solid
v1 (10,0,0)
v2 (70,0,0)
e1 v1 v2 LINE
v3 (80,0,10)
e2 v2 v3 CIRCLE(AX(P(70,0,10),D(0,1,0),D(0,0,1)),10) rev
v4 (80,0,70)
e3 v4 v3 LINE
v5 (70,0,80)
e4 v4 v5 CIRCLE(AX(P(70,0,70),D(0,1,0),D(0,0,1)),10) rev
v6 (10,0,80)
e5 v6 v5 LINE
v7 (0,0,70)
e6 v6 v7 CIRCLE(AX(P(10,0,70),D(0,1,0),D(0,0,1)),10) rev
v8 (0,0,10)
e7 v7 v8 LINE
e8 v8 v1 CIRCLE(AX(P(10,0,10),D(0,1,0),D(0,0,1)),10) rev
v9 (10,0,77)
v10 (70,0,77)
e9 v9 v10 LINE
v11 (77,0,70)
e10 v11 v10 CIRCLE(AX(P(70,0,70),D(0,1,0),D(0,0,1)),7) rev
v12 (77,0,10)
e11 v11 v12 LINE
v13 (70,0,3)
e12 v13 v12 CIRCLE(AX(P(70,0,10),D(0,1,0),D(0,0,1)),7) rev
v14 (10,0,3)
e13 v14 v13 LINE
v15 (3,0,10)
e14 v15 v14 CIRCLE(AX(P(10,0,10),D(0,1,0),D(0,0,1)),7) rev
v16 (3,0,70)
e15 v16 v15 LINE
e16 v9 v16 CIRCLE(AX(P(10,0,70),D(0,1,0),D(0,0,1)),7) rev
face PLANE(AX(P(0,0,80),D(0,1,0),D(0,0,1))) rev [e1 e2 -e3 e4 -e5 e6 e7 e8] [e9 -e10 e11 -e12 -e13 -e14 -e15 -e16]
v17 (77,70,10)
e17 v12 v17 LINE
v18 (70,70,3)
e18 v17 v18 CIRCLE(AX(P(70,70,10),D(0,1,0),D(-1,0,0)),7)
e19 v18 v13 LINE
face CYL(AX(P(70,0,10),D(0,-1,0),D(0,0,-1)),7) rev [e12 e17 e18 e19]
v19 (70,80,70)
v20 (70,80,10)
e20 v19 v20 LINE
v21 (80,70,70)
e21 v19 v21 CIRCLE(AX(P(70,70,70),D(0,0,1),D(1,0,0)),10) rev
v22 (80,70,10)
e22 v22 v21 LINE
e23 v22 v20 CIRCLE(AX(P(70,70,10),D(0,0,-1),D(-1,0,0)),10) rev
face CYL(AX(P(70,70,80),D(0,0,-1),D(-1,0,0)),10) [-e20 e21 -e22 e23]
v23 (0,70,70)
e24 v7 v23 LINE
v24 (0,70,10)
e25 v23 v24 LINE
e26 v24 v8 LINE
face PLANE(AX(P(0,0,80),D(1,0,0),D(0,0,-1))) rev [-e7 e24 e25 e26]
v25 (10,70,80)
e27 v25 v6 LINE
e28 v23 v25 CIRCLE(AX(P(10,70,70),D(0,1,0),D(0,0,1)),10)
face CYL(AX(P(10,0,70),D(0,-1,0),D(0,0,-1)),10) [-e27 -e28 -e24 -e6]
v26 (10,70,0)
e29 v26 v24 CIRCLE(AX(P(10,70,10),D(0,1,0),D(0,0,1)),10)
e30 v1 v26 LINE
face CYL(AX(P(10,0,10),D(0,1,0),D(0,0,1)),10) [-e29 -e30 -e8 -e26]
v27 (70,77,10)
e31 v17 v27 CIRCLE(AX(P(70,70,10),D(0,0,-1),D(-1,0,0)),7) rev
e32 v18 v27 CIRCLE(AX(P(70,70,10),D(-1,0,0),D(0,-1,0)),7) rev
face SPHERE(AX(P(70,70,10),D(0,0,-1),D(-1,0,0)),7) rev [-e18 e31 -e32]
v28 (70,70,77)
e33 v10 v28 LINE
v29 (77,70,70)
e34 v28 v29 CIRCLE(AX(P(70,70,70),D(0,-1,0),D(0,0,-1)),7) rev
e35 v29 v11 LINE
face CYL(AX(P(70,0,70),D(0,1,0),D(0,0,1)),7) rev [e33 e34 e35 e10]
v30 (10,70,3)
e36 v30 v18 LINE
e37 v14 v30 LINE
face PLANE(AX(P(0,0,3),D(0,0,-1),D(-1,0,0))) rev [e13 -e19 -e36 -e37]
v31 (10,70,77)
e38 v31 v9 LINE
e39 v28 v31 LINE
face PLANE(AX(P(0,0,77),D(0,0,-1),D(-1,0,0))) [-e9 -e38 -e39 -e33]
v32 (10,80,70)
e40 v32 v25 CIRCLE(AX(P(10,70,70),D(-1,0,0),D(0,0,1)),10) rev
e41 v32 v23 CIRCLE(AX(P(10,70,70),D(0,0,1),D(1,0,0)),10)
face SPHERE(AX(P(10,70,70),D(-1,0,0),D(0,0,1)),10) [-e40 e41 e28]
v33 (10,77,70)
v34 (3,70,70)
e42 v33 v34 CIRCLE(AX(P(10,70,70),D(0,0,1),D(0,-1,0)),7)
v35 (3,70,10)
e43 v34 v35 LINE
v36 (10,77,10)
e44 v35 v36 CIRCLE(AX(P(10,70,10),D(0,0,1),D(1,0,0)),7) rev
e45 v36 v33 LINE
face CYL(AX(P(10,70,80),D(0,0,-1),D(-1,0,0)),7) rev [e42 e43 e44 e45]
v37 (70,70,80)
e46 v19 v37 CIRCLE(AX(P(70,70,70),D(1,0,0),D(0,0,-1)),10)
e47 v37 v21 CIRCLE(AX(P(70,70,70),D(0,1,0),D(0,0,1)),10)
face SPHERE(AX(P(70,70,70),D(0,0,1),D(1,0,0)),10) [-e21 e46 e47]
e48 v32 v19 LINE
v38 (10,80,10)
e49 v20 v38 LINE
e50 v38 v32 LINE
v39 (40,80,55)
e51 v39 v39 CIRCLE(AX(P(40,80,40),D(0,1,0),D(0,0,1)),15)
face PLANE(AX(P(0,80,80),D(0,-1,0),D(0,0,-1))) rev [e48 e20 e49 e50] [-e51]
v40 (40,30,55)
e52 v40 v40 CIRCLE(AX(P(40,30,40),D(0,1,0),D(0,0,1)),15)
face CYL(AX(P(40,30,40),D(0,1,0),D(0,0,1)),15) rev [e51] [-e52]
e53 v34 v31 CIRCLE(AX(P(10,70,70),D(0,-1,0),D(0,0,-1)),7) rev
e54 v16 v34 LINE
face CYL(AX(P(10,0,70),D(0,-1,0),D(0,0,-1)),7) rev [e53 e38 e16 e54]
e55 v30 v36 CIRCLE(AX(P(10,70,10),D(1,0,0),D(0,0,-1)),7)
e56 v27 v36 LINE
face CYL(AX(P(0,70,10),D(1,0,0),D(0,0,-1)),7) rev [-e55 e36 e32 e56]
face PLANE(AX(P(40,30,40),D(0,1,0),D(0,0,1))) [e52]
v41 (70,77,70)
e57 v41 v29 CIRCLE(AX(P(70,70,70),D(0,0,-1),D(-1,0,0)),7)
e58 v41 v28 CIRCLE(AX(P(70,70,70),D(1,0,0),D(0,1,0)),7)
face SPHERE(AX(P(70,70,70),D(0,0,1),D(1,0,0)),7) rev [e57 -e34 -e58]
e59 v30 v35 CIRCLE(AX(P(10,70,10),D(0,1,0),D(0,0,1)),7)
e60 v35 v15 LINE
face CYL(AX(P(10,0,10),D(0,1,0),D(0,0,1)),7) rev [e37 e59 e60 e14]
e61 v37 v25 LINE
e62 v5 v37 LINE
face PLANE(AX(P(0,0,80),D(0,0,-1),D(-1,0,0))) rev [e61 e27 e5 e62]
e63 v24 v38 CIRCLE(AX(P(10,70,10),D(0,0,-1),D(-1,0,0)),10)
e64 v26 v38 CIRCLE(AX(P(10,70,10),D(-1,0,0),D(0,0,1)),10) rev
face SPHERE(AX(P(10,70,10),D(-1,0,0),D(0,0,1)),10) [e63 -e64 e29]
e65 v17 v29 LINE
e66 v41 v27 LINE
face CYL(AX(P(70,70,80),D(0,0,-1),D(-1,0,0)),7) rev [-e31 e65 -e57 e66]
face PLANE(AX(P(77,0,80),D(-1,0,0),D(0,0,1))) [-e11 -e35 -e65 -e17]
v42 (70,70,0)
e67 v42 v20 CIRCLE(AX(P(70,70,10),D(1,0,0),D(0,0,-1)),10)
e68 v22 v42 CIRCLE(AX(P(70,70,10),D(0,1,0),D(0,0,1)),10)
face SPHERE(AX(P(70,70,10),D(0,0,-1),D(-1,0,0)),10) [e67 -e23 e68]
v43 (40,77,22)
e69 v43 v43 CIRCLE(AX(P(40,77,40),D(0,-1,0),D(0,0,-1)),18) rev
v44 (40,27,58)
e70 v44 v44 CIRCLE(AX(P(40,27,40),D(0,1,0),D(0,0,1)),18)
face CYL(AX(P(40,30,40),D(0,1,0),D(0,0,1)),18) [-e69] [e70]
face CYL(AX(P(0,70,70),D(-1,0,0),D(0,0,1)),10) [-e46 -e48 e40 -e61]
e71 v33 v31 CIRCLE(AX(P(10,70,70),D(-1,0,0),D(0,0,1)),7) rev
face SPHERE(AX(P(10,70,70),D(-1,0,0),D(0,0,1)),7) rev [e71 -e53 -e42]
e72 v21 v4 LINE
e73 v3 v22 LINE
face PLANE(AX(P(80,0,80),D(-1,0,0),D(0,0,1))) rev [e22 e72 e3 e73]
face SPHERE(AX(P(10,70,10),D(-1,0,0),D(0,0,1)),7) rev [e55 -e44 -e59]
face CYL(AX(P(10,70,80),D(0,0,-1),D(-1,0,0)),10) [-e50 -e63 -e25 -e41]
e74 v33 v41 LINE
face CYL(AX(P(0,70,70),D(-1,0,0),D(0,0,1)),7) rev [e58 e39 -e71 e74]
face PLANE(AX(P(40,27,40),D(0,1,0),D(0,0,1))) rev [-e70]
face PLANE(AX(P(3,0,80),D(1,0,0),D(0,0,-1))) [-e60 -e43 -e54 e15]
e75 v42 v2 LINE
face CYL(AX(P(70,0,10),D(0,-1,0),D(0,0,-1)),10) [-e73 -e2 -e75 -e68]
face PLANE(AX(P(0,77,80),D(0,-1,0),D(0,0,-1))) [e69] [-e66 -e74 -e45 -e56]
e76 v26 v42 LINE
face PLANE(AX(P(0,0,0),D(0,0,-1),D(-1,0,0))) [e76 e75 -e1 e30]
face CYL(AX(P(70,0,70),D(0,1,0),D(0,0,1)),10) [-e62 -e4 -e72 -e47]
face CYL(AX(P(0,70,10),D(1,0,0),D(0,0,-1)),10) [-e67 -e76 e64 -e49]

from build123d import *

# Parameters (mm, degrees)
IZIM1_W                     = 80
IZIM1_H                     = 80
Y_KSEKLIK_EKSTR_ZYON1_DEPTH = 80
IZIM2_R                     = 15
KES_EKSTR_ZYON1_DEPTH       = 50
RADYUS1_R                   = 10
BO_ALTMA1_T                 = -3


with BuildPart() as part:
    # Çizim1 → Yükseklik-Ekstrüzyon1 (new body)
    with BuildSketch(Plane.XY):
        with Locations((40, 40)):
            Rectangle(IZIM1_W, IZIM1_H)
    extrude(amount=Y_KSEKLIK_EKSTR_ZYON1_DEPTH)

    # Çizim2 → Kes-Ekstrüzyon1 (cut)
    with BuildSketch(Plane(origin=(0, 80, 0), x_dir=(1, 0, 0), z_dir=(0, 1, 0))):
        with Locations(Location((40, -40, 0), (0, 0, 270))):
            Circle(IZIM2_R)
    extrude(amount=-KES_EKSTR_ZYON1_DEPTH, mode=Mode.SUBTRACT)

    # Radyus1
    radyus1_edges = [part.edges().sort_by_distance(p)[0] for p in [
        (80, 40, 80),
        (40, 80, 80),
        (0, 40, 80),
        (40, 80, 0),
        (80, 40, 0),
        (0, 40, 0),
        (0, 80, 40),
        (80, 80, 40),
    ]]
    fillet(radyus1_edges, radius=RADYUS1_R)

    # İç Boşaltma1
    bo_altma1_openings = [part.faces().sort_by_distance(p)[0] for p in [
        (40, 0, 40),
    ]]
    offset(amount=BO_ALTMA1_T, openings=bo_altma1_openings, kind=Kind.INTERSECTION)


solid = part.part
